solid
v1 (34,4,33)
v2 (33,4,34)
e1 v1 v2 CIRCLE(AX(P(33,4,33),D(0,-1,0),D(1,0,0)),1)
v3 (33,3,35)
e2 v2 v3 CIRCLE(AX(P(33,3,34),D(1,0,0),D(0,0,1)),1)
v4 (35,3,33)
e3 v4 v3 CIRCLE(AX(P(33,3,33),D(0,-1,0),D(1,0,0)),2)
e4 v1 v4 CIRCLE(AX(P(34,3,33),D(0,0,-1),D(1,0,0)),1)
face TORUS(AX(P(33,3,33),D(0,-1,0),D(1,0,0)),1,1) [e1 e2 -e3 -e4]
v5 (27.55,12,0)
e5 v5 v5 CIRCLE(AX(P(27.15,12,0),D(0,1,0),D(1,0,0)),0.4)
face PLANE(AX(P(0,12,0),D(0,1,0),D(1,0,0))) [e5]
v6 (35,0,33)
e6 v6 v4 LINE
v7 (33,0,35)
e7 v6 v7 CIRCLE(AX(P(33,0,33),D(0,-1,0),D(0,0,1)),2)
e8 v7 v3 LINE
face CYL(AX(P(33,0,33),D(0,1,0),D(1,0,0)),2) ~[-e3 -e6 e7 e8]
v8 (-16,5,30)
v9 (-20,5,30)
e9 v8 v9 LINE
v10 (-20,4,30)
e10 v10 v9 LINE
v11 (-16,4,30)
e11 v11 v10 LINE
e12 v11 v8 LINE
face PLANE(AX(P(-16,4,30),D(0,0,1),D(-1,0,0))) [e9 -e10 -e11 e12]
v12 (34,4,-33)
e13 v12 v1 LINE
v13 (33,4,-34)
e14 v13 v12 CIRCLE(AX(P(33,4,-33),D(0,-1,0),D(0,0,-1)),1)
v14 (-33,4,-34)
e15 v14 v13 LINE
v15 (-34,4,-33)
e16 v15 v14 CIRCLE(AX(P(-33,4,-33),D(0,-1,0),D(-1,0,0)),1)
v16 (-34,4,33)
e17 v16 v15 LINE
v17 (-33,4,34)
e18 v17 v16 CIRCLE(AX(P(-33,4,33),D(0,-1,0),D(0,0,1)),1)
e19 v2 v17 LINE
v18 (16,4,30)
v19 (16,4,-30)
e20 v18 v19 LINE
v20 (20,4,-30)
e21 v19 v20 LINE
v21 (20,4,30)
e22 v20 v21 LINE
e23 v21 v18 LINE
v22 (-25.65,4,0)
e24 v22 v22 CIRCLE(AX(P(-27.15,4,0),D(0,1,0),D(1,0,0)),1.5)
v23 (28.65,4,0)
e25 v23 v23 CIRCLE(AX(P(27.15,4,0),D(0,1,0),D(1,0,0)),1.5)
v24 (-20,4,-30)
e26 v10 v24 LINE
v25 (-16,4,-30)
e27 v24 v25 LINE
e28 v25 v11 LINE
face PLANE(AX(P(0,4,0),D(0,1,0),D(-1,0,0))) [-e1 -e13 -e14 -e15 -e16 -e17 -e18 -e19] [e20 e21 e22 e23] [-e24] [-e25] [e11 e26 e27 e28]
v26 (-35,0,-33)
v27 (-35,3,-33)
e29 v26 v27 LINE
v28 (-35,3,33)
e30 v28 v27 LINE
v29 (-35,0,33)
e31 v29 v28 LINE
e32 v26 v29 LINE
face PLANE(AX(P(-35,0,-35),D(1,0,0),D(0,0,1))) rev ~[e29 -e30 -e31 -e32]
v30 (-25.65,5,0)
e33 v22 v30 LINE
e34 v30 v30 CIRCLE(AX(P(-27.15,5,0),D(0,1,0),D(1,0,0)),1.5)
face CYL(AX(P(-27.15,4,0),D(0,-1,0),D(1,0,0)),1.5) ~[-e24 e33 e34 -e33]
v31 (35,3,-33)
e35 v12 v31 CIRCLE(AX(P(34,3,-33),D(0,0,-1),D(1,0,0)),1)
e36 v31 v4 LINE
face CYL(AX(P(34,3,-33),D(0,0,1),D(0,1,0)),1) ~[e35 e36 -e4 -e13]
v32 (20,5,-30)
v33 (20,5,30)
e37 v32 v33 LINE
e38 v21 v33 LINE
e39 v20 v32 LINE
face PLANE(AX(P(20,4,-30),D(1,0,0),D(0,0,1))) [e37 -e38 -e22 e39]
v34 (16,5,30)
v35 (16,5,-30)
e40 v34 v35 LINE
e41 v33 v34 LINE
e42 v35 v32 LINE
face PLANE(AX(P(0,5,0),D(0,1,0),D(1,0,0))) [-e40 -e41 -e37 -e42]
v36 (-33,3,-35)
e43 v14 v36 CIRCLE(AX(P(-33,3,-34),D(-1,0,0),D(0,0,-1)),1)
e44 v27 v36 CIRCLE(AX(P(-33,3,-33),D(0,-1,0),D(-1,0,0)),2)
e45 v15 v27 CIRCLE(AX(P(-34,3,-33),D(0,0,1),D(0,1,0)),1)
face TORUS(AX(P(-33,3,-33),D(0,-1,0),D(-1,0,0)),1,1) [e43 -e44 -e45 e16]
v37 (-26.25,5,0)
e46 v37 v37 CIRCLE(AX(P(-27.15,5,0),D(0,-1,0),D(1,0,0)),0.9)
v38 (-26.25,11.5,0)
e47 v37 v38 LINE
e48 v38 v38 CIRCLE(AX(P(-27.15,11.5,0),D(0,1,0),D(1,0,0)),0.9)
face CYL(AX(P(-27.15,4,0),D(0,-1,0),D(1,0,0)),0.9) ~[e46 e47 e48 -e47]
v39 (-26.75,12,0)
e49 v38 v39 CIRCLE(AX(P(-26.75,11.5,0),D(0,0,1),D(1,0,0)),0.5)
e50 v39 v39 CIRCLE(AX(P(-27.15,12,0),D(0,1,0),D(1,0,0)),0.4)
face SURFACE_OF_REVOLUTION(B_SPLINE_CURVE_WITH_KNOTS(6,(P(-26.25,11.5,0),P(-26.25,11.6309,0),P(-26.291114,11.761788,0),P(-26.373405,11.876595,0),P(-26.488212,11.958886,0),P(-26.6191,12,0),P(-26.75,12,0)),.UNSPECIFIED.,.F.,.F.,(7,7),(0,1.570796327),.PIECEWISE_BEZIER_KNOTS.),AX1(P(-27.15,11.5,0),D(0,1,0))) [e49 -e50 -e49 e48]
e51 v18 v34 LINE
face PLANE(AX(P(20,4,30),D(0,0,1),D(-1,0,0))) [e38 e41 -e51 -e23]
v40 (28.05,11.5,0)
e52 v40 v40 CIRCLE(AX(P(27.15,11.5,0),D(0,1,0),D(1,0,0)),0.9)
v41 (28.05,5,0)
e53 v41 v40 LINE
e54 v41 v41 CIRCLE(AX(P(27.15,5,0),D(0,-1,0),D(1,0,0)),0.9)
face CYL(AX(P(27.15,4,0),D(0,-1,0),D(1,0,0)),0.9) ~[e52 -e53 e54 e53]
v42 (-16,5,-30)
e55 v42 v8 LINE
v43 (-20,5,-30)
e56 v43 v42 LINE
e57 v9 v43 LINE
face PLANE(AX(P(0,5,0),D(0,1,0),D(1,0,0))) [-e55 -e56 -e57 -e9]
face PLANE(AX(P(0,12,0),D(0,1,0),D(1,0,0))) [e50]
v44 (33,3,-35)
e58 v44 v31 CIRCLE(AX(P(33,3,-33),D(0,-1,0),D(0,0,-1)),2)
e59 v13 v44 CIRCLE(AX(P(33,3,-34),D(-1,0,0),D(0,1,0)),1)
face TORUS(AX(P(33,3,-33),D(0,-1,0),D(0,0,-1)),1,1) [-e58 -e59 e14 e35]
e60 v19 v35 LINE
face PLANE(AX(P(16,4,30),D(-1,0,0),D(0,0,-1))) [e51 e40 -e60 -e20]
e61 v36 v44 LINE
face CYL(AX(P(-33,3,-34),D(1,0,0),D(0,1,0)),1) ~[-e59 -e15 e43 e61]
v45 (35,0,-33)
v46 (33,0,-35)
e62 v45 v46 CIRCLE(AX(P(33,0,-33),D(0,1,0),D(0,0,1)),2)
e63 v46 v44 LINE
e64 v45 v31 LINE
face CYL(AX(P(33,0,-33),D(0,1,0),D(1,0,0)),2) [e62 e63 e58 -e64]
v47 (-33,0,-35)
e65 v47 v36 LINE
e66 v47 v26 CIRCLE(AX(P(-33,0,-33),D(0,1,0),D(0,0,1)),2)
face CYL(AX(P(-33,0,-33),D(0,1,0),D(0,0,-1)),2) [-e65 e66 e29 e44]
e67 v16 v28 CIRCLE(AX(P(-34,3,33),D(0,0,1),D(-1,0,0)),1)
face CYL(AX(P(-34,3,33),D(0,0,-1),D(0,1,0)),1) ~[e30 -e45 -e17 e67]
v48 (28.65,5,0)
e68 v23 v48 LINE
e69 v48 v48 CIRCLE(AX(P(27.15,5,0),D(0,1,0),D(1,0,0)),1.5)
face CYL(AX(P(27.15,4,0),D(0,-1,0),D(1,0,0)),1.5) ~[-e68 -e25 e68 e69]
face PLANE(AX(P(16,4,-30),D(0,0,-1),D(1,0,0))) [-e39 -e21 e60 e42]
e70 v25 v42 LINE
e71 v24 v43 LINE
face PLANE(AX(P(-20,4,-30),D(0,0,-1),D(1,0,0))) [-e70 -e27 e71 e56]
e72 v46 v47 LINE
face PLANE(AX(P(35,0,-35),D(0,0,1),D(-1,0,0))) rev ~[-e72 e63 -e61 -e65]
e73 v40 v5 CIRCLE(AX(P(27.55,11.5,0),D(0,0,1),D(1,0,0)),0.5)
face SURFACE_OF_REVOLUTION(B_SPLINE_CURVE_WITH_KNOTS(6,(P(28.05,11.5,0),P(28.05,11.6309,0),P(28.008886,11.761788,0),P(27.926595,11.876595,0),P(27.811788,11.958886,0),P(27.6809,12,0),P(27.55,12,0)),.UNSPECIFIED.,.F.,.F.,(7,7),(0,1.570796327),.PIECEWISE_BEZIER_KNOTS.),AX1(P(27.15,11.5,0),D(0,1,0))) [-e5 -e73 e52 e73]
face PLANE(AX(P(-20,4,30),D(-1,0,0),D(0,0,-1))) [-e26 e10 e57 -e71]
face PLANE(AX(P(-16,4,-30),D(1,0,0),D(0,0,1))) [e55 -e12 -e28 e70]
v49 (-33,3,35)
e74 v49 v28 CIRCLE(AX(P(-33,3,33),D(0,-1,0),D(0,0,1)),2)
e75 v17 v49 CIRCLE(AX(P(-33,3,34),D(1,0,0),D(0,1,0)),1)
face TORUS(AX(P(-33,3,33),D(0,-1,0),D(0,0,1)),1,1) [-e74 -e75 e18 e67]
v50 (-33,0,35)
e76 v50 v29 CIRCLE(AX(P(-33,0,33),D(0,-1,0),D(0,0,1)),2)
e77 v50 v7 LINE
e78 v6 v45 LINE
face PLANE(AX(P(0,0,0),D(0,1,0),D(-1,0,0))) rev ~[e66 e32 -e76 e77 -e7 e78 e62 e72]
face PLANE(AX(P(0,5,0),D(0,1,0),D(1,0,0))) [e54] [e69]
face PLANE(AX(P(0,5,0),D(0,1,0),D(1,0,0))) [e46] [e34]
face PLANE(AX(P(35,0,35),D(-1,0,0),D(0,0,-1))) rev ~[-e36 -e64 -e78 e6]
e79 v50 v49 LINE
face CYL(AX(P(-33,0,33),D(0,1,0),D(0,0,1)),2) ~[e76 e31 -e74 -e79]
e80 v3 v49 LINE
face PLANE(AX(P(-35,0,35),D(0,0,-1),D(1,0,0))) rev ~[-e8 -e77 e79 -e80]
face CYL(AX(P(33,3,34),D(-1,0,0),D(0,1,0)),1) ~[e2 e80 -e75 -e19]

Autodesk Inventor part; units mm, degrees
ref_plane "YZ Plane" through (0, 0, 0) normal (1, 0, 0) x (0, 1, 0)
ref_plane "XZ Plane" through (0, 0, 0) normal (0, 1, 0) x (-1, 0, 0)
ref_plane "XY Plane" through (0, 0, 0) normal (0, 0, 1) x (1, 0, 0)
sketch "Sketch1" plane through (0, 0, 0) normal (0, 1, 0) x (-1, 0, 0)
  line L0 (-35, -35) -> (35, -35)
  line L1 (35, -35) -> (35, 35)
  line L2 (35, 35) -> (-35, 35)
  line L3 (-35, 35) -> (-35, -35)
  line L4 (-35, -35) -> (35, 35) construction
  line L5 (35, -35) -> (-35, 35) construction
  point P0 (0, 0)
  dimension "d0" = 70
  dimension "d1" = 70
extrude "Extrusion1" add sketch "Sketch1" along normal blind 4
sketch "Sketch2" plane through (0, 4, 0) normal (0, 1, 0) x (1, 0, 0)
  circle A0 centre (-27.15, 0) radius 0.9
  circle A1 centre (27.15, 0) radius 0.9
  point P0 (0, 0)
  dimension "d4" = 1.8
  dimension "d5" = 1.8
  dimension "d6" = 54.3
  dimension "d7" = 27.15
extrude "Extrusion2" add sketch "Sketch2" along normal blind 8
fillet "Fillet1" radius 2 4 edges at (35, 2, 35) (-35, 2, 35) (-35, 2, -35) (35, 2, -35)
fillet "Fillet2" radius 0.5 2 edges at (26.25, 12, 0) (-28.05, 12, 0)
sketch "Sketch3" plane through (0, 4, 0) normal (0, 1, 0) x (1, 0, 0)
  circle A0 centre (27.15, 0) radius 0.9 projected
  circle A1 centre (27.15, 0) radius 1.5
  circle A2 centre (-27.15, 0) radius 0.9 projected
  circle A3 centre (-27.15, 0) radius 1.5
  line L0 (-16, -30) -> (-20, -30)
  line L1 (-20, -30) -> (-20, 30)
  line L2 (-20, 30) -> (-16, 30)
  line L3 (-16, 30) -> (-16, -30)
  line L4 (-16, -30) -> (-20, 30) construction
  line L5 (-20, -30) -> (-16, 30) construction
  line L6 (20, -30) -> (16, -30)
  line L7 (16, -30) -> (16, 30)
  line L8 (16, 30) -> (20, 30)
  line L9 (20, 30) -> (20, -30)
  line L10 (20, -30) -> (16, 30) construction
  line L11 (16, -30) -> (20, 30) construction
  point P0 (0, 0)
  point P1 (-18, 0)
  point P2 (18, 0)
  dimension "d12" = 18
  dimension "d13" = 60
  dimension "d14" = 60
  dimension "d15" = 18
  dimension "d16" = 4
  dimension "d17" = 4
  dimension "d18" = 3
  dimension "d19" = 3
extrude "Extrusion3" add sketch "Sketch3" along normal blind 1 contours A0 | A1 | A2 | A3 | L0 L1 L2 L3 | L6 L7 L8 L9
fillet "Fillet3" radius 1 8 edges at (34.4142, 4, 34.4142) (35, 4, 0) (34.4142, 4, -34.4142) (0, 4, -35) (-34.4142, 4, -34.4142) (-35, 4, 0) (-34.4142, 4, 34.4142) (0, 4, 35)
equation "\"d5\" = d4"
equation "\"d7\" = 0.5 * d6"
equation "\"d14\" = d13"
equation "\"d15\" = d12"
equation "\"d17\" = d16"
equation "\"d19\" = d18"
properties part number "Installation Base"
